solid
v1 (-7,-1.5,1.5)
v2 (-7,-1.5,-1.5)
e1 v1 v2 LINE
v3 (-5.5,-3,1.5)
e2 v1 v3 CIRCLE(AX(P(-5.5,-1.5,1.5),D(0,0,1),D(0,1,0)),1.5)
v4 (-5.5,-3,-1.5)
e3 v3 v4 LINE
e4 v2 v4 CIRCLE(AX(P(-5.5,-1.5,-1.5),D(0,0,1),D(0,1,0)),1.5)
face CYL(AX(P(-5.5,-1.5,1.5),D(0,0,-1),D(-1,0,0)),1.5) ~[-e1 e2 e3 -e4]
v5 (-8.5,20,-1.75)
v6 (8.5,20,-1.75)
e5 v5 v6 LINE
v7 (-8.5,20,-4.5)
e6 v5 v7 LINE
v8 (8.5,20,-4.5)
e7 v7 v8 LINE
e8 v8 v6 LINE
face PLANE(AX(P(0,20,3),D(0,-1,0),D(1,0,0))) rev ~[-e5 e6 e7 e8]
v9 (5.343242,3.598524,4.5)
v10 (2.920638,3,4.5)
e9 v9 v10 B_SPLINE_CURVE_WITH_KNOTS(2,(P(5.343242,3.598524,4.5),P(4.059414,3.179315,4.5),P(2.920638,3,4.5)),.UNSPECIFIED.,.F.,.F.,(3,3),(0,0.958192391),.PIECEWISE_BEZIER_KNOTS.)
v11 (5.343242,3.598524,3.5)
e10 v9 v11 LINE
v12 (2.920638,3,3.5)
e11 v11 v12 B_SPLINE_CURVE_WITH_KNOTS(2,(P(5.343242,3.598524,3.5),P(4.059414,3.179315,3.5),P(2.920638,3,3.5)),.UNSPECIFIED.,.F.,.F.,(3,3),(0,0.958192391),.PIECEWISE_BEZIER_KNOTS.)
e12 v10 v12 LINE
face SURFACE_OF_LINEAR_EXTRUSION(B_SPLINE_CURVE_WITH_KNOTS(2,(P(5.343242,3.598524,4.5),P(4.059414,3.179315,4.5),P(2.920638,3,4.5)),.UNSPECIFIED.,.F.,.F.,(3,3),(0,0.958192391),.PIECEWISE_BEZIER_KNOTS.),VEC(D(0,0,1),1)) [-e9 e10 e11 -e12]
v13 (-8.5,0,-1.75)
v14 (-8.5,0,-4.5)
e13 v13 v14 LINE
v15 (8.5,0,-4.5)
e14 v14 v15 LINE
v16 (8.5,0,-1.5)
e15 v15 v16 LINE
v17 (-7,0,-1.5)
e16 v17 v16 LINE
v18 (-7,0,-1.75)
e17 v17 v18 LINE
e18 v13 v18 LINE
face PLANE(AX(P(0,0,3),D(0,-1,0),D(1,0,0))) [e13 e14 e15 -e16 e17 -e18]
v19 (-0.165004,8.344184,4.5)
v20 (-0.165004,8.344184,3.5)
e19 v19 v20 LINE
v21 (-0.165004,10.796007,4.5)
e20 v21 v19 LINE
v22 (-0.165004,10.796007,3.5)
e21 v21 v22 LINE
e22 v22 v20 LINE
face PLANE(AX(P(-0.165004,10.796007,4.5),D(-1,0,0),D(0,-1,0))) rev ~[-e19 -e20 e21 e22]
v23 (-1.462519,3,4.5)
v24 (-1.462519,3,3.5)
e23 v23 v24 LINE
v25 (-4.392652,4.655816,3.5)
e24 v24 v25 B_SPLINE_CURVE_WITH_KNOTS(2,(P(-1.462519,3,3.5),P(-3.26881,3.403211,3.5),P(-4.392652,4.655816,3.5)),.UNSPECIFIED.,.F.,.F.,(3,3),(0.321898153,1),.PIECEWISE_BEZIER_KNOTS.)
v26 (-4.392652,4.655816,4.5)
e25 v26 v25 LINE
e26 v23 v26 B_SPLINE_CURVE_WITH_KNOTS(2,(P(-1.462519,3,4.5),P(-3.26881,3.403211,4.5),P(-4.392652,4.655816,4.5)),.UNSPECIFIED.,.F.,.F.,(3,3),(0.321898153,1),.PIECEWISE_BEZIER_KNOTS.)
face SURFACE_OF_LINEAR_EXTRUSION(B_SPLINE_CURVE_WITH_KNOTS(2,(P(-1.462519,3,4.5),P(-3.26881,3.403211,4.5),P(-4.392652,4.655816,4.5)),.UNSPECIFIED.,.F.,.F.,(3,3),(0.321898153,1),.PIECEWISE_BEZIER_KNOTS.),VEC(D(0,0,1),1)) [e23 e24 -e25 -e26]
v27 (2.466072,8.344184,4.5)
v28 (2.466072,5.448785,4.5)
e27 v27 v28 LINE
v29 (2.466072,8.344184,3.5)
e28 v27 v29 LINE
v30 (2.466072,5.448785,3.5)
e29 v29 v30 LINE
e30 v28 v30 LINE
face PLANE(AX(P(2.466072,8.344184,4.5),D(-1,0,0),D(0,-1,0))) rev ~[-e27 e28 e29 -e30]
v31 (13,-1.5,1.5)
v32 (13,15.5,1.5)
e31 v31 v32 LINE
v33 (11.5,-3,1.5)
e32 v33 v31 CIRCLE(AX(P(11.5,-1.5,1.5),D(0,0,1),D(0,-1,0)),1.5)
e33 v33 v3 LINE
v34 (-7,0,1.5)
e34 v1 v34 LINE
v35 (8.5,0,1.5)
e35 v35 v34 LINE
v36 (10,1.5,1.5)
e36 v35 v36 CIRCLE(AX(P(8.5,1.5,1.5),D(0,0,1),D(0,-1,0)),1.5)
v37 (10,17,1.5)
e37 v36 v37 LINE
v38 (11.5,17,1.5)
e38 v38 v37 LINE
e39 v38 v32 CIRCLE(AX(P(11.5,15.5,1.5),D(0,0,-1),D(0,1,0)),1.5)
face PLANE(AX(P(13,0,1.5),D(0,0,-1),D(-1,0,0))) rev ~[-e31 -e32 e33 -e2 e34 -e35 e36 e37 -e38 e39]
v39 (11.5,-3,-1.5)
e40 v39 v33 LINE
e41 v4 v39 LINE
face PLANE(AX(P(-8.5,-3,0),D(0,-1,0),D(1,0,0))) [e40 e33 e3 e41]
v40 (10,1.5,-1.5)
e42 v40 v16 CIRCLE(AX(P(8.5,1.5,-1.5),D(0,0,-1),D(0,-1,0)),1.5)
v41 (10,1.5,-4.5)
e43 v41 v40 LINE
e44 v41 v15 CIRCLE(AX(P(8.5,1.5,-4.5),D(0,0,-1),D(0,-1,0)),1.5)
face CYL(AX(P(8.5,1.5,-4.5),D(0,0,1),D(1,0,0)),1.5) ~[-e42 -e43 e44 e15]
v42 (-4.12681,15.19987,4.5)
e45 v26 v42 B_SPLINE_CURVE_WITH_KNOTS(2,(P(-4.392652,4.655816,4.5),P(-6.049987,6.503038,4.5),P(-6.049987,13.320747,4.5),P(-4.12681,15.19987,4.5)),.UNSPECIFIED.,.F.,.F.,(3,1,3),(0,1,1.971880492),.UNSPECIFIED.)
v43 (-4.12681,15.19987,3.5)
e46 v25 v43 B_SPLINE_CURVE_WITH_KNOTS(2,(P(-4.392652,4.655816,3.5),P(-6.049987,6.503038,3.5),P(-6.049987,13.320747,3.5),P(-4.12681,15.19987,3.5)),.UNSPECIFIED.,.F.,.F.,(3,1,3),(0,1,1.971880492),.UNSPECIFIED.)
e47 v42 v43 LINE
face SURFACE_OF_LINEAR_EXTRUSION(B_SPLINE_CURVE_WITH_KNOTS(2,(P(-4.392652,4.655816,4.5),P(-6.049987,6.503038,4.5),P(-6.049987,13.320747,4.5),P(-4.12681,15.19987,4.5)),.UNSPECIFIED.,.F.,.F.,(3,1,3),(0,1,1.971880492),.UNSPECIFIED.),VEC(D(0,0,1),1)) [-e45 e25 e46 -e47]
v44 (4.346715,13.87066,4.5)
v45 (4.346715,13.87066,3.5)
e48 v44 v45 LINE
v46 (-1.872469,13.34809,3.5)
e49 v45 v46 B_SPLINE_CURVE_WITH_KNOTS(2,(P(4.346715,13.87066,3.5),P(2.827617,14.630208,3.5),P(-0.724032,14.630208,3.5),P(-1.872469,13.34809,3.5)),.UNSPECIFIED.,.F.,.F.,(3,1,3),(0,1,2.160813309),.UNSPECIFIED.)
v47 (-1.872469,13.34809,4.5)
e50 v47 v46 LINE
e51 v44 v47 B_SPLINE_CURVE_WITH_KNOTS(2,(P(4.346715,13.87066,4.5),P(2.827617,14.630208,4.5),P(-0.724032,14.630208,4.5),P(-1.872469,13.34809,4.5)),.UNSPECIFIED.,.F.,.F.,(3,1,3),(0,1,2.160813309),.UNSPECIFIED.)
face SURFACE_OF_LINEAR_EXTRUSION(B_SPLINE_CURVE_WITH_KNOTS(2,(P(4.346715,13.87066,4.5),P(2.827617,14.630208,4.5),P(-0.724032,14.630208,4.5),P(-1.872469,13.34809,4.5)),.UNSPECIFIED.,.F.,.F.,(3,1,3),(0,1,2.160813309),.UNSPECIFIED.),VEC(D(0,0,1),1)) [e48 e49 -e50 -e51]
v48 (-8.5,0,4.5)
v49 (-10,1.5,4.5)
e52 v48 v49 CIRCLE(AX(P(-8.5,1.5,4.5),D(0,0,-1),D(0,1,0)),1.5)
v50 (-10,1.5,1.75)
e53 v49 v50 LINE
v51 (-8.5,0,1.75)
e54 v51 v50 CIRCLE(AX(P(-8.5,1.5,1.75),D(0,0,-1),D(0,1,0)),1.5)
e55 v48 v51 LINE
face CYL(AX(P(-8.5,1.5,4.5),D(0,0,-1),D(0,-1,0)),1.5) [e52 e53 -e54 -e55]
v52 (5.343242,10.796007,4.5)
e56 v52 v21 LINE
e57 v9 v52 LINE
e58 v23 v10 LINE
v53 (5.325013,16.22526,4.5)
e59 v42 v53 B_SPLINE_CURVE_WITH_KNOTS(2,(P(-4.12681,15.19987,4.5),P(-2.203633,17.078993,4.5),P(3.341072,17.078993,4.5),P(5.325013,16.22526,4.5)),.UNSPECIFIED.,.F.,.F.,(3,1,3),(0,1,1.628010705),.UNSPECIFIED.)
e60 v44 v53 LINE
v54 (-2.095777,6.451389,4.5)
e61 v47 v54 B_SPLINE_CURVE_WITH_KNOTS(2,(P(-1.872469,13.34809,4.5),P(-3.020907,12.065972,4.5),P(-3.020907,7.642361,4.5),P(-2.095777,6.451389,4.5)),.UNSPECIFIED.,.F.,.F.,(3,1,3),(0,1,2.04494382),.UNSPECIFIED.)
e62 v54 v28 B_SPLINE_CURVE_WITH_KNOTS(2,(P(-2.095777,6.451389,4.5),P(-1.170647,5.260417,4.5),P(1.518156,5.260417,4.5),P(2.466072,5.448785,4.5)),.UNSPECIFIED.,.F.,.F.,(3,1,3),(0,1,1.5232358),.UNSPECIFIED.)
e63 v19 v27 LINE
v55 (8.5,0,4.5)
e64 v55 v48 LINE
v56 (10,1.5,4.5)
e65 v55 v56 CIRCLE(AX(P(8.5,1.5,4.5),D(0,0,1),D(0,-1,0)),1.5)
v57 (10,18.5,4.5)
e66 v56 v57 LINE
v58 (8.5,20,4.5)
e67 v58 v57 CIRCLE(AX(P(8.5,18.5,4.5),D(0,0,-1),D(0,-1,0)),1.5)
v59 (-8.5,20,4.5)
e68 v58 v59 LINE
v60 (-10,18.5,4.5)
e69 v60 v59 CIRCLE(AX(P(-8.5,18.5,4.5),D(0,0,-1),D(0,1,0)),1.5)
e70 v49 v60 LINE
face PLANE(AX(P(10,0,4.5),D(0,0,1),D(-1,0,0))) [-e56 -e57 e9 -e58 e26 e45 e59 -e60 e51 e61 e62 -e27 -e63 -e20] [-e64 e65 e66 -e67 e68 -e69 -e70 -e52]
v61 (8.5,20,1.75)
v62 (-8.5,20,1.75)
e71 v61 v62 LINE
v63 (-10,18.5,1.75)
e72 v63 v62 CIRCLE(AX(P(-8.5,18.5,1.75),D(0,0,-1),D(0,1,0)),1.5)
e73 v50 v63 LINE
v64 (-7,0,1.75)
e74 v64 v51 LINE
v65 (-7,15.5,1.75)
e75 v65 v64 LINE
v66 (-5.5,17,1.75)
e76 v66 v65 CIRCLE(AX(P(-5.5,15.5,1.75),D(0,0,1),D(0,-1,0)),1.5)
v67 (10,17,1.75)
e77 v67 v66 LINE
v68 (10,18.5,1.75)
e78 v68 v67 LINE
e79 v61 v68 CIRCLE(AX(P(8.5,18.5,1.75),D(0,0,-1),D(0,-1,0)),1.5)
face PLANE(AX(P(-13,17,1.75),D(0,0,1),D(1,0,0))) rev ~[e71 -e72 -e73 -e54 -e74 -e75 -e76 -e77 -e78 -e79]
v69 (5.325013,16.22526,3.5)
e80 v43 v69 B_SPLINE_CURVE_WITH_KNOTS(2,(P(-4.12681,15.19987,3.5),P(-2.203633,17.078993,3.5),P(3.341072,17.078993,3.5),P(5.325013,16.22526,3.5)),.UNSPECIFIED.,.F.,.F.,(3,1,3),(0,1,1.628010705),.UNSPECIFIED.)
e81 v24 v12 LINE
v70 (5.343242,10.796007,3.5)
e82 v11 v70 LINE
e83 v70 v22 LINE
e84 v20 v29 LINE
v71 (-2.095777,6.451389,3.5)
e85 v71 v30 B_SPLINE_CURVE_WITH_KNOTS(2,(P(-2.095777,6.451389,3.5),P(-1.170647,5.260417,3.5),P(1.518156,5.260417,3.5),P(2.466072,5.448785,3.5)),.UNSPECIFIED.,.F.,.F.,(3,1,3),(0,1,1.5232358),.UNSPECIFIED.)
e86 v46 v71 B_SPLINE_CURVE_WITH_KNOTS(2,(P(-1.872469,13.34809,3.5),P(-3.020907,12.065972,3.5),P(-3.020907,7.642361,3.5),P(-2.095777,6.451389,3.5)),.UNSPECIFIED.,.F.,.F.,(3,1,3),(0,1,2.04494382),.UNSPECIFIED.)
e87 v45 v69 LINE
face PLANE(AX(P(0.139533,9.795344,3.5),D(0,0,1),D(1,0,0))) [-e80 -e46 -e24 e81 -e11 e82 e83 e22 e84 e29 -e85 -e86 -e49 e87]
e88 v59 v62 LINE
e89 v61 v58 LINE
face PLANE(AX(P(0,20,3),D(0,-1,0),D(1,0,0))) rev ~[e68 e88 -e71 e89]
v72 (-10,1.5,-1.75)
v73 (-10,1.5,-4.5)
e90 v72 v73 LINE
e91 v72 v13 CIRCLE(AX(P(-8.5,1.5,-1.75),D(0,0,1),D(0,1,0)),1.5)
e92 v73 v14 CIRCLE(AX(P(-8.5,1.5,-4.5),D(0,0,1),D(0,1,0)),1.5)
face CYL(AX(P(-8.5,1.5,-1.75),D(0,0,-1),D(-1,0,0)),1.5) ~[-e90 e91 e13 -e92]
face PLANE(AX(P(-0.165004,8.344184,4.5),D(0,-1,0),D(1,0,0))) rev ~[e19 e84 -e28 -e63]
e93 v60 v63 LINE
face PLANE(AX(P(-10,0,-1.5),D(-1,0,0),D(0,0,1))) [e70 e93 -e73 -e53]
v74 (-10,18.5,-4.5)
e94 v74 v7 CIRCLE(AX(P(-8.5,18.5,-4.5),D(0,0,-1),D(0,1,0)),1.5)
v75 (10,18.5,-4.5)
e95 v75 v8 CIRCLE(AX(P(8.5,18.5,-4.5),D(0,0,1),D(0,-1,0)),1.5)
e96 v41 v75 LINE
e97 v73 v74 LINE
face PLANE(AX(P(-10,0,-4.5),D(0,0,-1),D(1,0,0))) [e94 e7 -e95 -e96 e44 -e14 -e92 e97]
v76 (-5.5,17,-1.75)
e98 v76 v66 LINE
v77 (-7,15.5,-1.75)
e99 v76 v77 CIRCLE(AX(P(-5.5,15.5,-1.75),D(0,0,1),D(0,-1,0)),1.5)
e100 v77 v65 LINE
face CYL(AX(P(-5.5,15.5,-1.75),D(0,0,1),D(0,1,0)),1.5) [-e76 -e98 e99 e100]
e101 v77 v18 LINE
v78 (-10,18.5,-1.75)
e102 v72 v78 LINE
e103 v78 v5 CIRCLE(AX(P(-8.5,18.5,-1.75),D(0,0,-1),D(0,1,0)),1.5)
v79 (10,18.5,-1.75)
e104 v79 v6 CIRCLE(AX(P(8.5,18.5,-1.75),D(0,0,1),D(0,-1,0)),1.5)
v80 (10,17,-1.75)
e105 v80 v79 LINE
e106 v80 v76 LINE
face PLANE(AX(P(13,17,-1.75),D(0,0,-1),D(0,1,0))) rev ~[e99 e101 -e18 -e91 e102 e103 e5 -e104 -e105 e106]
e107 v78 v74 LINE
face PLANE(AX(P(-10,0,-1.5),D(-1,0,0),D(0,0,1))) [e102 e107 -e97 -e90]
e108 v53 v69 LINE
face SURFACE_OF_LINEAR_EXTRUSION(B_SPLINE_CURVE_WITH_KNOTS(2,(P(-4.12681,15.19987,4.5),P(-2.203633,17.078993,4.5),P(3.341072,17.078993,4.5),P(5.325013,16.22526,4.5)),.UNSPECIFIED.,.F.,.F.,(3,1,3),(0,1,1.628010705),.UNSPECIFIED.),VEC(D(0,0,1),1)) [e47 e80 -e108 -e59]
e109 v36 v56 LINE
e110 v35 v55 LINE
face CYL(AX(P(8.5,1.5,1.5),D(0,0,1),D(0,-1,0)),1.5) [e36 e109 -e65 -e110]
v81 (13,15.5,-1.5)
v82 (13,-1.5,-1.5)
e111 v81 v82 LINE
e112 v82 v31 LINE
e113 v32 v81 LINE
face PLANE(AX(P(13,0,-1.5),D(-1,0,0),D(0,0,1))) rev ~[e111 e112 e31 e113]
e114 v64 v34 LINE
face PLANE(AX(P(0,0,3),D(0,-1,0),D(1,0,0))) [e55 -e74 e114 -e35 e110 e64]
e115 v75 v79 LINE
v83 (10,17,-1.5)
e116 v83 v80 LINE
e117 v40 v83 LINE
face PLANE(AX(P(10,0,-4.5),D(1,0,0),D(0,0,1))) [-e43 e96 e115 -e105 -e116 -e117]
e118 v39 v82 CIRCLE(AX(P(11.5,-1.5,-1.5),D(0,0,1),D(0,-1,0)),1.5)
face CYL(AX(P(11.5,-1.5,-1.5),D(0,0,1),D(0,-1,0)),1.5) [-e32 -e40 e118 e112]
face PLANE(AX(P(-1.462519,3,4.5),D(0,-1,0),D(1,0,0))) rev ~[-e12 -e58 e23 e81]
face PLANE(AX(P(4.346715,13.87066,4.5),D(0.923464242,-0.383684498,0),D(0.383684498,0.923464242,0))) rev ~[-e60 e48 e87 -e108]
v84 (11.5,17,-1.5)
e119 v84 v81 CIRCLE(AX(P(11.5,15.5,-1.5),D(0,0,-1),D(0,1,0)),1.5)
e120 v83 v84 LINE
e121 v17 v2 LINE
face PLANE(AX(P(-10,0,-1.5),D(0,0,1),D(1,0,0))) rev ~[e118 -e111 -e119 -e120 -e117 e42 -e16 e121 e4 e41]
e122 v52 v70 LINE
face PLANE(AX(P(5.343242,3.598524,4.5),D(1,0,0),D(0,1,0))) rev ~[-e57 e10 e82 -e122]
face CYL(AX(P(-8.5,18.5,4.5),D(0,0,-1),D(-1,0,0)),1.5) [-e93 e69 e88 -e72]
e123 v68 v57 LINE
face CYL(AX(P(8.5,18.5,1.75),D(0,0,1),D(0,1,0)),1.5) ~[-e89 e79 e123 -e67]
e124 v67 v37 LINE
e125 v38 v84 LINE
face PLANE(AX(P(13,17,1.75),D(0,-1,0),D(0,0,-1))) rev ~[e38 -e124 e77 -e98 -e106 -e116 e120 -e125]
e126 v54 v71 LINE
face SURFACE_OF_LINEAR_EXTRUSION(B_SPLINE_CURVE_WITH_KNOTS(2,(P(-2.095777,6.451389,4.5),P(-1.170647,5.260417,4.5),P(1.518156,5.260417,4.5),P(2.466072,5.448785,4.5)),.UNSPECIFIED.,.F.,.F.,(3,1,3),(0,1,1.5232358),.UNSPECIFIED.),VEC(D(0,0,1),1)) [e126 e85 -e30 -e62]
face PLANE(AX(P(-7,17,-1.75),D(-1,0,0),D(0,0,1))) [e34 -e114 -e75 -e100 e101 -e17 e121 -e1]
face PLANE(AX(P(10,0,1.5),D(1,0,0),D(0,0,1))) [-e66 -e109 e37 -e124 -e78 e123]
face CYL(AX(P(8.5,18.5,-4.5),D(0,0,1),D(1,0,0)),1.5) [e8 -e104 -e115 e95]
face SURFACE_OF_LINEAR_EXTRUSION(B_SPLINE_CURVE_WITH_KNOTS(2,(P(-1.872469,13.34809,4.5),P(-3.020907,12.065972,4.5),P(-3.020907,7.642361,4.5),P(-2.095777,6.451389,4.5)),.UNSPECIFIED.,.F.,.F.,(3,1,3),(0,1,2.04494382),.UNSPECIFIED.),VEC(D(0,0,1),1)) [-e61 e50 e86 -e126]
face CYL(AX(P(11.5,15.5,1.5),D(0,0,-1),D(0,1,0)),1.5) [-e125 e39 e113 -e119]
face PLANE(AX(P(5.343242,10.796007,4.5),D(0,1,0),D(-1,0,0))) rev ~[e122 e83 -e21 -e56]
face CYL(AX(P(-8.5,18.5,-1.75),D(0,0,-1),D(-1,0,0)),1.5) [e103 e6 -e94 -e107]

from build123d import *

# Parameters (mm, degrees)
F0_W     = 14
F0_H     = 3
F0_W_2   = 3
F1_DEPTH = 20
F2_DEPTH = 3
F3_W     = 3
F3_H     = 3
F4_DEPTH = 100
F5_W     = 3
F5_H     = 3.5
F6_DEPTH = 100
F7_R     = 1.5
F9_DEPTH = 1


with BuildPart() as f1:
    # F0 (on Front) → F1 (new body)
    with BuildSketch(Plane.XZ):
        Polygon((10, 1.5), (10, 4.5), (-10, 4.5), (-10, 1.5), (-7, 1.5), (7, 1.5), align=None)
        Rectangle(F0_W, F0_H)
        with Locations((11.5, 0)):
            Rectangle(F0_W_2, F0_H)
        with Locations((8.5, 0)):
            Rectangle(F0_W_2, F0_H)
        with Locations((-8.5, 0)):
            Rectangle(F0_W_2, F0_H)
        Polygon((10, -4.5), (10, -1.5), (7, -1.5), (-7, -1.5), (-10, -1.5), (-10, -4.5), align=None)
    extrude(amount=-F1_DEPTH)

    # F0 (on Front) → F2 (join)
    with BuildSketch(Plane.XZ):
        with Locations((-8.5, 0)):
            Rectangle(F0_W_2, F0_H)
        Rectangle(F0_W, F0_H)
        with Locations((8.5, 0)):
            Rectangle(F0_W_2, F0_H)
        with Locations((11.5, 0)):
            Rectangle(F0_W_2, F0_H)
    extrude(amount=F2_DEPTH)

    # F3 (on face) → F4 (cut)
    with BuildSketch(Plane.YZ.offset(13)):
        Polygon((23, -1.75), (23, 1.75), (17, 1.75), (17, 1.5), (20, 1.5), (20, -1.5), (17, -1.5), (17, -1.75), align=None)
        with Locations((18.5, 0)):
            Rectangle(F3_W, F3_H)
    extrude(amount=-F4_DEPTH, mode=Mode.SUBTRACT)

    # F5 (on face) → F6 (cut)
    with BuildSketch(Plane(origin=(0, 17, 0), x_dir=(-1, 0, 0), z_dir=(0, 1, 0))):
        with Locations((11.5, 0)):
            Rectangle(F5_W, F5_H)
        with Locations((8.5, 0)):
            Rectangle(F5_W, F5_H)
    extrude(amount=-F6_DEPTH, mode=Mode.SUBTRACT)

    # F7
    f7_edges = [f1.edges().sort_by_distance(p)[0] for p in [
        (-7, -3, 0),
        (13, -3, 0),
        (10, 0, 3),
        (10, 0, -3),
        (-10, 0, -3.125),
        (-10, 0, 3.125),
        (-7, 17, 0),
        (-10, 20, 3.125),
        (-10, 20, -3.125),
        (13, 17, 0),
        (10, 20, 3.125),
        (10, 20, -3.125),
    ]]
    fillet(f7_edges, radius=F7_R)

    # F8 (on face) → F9 (cut)
    with BuildSketch(Plane.XY.offset(4.5)):
        with BuildLine():
            Line((-1.4625191229, 3), (2.9206384037, 3))
            add(Edge.make_bspline(
                [(5.3432423682, 3.5985243056), (4.0594142819, 3.1793151345), (2.9206384037, 3)],
                knots=[0, 0, 0, 0.958192391, 0.958192391, 0.958192391], degree=2))
            Line((5.3432423682, 3.5985243056), (5.3432423682, 10.7960069444))
            Line((5.3432423682, 10.7960069444), (-0.1650041596, 10.7960069444))
            Line((-0.1650041596, 10.7960069444), (-0.1650041596, 8.3441840278))
            Line((-0.1650041596, 8.3441840278), (2.4660722293, 8.3441840278))
            Line((2.4660722293, 8.3441840278), (2.4660722293, 5.4487847222))
            add(Edge.make_bspline(
                [(0.5945444515, 5.2604166667), (1.5181555626, 5.2604166667), (2.4660722293, 5.4487847222)],
                knots=[0, 0, 0, 1, 1, 1], degree=2))
            add(Edge.make_bspline(
                [(-2.095776729, 6.4513888889), (-1.1706465207, 5.2604166667), (0.5945444515, 5.2604166667)],
                knots=[0, 0, 0, 1, 1, 1], degree=2))
            add(Edge.make_bspline(
                [(-3.0209069374, 9.9027777778), (-3.0209069374, 7.6423611111), (-2.095776729, 6.4513888889)],
                knots=[0, 0, 0, 1, 1, 1], degree=2))
            add(Edge.make_bspline(
                [(-1.8724694374, 13.3480902778), (-3.0209069374, 12.0659722222), (-3.0209069374, 9.9027777778)],
                knots=[0, 0, 0, 1, 1, 1], degree=2))
            add(Edge.make_bspline(
                [(1.1839541737, 14.6302083333), (-0.7240319374, 14.6302083333), (-1.8724694374, 13.3480902778)],
                knots=[0, 0, 0, 1, 1, 1], degree=2))
            add(Edge.make_bspline(
                [(4.3467145904, 13.8706597222), (2.8276173682, 14.6302083333), (1.1839541737, 14.6302083333)],
                knots=[0, 0, 0, 1, 1, 1], degree=2))
            Line((4.3467145904, 13.8706597222), (5.3250132015, 16.2252604167))
            add(Edge.make_bspline(
                [(1.2021833404, 17.0789930556), (3.3410722293, 17.0789930556), (5.3250132015, 16.2252604167)],
                knots=[0, 0, 0, 1, 1, 1], degree=2))
            add(Edge.make_bspline(
                [(-4.1268097151, 15.1998697917), (-2.2036326318, 17.0789930556), (1.2021833404, 17.0789930556)],
                knots=[0, 0, 0, 1, 1, 1], degree=2))
            add(Edge.make_bspline(
                [(-6.0499867985, 9.9605034722), (-6.0499867985, 13.3207465278), (-4.1268097151, 15.1998697917)],
                knots=[0, 0, 0, 1, 1, 1], degree=2))
            add(Edge.make_bspline(
                [(-4.392651729, 4.6558159722), (-6.0499867985, 6.5030381944), (-6.0499867985, 9.9605034722)],
                knots=[0, 0, 0, 1, 1, 1], degree=2))
            add(Edge.make_bspline(
                [(-1.4625191229, 3), (-3.2688097577, 3.4032111719), (-4.392651729, 4.6558159722)],
                knots=[0.3218981532, 0.3218981532, 0.3218981532, 1, 1, 1], degree=2))
        make_face()
    extrude(amount=-F9_DEPTH, mode=Mode.SUBTRACT)


solid = f1.part
